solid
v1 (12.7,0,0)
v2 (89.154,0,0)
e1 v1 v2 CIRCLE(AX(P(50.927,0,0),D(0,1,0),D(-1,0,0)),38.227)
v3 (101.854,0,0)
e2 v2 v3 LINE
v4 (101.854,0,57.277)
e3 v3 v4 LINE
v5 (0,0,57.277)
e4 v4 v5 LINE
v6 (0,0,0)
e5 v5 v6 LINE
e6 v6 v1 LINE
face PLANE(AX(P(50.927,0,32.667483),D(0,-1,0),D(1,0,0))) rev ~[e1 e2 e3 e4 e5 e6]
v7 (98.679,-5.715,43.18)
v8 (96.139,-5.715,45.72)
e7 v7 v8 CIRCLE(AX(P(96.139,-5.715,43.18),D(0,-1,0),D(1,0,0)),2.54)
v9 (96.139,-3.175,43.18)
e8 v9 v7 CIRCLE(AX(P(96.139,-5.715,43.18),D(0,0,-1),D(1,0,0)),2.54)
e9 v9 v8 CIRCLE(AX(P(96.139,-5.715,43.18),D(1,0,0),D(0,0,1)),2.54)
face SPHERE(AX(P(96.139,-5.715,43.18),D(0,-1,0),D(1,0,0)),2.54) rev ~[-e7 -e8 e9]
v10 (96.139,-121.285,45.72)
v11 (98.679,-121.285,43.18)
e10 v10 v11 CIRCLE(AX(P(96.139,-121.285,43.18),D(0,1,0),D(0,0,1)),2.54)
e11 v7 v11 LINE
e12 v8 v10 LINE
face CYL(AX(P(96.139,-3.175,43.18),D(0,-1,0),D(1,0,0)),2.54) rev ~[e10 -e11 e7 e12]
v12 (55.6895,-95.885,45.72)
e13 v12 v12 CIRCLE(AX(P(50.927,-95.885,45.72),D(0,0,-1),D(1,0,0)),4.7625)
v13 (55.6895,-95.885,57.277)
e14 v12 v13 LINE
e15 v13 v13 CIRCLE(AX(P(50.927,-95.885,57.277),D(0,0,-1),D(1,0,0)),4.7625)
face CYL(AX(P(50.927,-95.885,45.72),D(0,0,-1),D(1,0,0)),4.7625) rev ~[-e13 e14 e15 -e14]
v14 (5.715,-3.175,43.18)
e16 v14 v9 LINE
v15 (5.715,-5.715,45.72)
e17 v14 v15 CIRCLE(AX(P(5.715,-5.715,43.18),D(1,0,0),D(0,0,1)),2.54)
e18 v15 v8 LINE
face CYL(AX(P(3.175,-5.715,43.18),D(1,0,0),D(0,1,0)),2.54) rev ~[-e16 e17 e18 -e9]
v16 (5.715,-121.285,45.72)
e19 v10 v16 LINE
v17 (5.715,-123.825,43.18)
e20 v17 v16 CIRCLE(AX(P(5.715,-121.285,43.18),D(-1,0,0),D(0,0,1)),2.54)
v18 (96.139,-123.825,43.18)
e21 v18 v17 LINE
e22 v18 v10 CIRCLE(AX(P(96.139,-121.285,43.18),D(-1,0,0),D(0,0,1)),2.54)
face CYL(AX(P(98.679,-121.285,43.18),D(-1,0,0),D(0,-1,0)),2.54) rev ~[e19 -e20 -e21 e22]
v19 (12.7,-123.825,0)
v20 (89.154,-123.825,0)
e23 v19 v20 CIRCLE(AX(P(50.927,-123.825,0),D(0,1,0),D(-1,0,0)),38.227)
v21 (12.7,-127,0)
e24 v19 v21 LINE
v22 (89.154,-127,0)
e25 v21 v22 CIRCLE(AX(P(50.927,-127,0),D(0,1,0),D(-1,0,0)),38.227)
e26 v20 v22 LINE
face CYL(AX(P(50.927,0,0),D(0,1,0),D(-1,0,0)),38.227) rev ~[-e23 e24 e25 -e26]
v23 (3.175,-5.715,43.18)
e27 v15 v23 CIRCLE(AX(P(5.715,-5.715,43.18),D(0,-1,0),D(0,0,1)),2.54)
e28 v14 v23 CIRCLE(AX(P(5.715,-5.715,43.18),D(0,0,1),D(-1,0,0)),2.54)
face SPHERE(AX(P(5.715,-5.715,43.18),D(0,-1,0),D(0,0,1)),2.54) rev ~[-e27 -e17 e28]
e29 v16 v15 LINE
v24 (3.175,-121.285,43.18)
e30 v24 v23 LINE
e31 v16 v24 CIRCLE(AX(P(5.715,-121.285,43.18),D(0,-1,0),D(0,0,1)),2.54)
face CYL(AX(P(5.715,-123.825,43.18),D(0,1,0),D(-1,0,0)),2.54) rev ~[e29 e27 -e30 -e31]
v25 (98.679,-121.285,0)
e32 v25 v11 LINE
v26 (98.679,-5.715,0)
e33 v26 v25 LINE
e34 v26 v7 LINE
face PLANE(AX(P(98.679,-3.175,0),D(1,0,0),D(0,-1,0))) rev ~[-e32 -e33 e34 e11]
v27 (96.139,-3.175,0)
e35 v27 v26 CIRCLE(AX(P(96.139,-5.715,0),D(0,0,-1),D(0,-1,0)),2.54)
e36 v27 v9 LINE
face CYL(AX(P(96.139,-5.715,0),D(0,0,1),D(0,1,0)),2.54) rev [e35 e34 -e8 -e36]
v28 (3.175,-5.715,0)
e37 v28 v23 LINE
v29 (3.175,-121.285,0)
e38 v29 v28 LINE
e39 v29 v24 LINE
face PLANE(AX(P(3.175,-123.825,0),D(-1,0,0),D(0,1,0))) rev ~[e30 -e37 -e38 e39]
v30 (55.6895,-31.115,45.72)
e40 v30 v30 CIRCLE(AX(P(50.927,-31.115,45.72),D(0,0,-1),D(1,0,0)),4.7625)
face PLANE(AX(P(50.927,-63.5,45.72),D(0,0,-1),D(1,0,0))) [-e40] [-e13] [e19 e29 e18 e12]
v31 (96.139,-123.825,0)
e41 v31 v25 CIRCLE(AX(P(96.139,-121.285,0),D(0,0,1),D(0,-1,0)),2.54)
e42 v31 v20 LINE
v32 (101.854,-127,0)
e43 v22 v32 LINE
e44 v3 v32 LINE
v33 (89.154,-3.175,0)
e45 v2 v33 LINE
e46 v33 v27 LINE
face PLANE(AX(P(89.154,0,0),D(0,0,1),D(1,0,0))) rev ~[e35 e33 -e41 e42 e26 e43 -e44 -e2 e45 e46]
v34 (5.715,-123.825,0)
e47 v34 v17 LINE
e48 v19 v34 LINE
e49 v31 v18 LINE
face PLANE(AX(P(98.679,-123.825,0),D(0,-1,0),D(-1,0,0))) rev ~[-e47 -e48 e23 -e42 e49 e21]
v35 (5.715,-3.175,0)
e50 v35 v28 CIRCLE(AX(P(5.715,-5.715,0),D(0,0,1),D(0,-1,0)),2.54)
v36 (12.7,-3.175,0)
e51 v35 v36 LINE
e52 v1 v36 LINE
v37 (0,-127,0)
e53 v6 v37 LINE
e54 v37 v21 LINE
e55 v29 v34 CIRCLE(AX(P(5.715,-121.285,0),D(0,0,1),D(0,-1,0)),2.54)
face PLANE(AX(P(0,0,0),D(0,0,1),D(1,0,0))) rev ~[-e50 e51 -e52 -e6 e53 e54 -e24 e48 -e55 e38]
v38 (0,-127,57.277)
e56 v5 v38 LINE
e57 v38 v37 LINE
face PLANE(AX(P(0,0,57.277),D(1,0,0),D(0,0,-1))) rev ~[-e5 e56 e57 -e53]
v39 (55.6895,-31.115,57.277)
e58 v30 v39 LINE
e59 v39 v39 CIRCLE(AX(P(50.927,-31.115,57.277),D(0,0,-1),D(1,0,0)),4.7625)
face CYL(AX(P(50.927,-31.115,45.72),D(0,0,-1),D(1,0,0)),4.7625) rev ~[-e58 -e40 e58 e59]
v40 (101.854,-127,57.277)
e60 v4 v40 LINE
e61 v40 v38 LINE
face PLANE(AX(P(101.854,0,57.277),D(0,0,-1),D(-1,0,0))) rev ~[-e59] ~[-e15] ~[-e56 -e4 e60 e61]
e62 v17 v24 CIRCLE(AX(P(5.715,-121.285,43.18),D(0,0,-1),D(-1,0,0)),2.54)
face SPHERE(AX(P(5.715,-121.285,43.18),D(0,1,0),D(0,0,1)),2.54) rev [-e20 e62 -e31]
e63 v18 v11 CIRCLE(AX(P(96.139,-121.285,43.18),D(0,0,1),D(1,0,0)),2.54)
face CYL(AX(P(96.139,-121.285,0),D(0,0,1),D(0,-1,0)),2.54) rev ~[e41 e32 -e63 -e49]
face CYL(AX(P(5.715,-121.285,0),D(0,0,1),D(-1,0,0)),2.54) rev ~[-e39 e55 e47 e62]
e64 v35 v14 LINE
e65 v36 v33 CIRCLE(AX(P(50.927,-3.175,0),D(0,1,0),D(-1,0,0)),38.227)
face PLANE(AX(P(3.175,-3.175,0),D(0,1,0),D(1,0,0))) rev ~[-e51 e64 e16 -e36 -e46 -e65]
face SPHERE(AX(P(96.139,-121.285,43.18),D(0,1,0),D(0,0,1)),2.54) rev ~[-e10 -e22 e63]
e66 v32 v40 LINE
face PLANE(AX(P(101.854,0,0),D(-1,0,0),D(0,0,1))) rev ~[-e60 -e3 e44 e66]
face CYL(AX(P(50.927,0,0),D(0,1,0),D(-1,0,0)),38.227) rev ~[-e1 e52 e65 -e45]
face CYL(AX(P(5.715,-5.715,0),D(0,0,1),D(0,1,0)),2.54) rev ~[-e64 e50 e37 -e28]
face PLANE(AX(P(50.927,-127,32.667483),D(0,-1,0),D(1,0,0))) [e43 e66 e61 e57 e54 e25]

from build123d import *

# Parameters (mm, degrees)
F1_DEPTH = 127
F4_DEPTH = 45.72
F5_R     = 2.54
F6_R     = 4.7625
F7_DEPTH = 11.557


with BuildPart() as f1:
    # F0 (on Front) → F1 (new body)
    with BuildSketch(Plane.XZ):
        with BuildLine():
            Line((0, 57.277), (0, 0))
            Line((0, 0), (12.7, 0))
            ThreePointArc((12.7, 0), (50.927, 38.227), (89.154, 0))
            Line((89.154, 0), (101.854, 0))
            Line((101.854, 0), (101.854, 57.277))
            Line((101.854, 57.277), (0, 57.277))
        make_face()
    extrude(amount=F1_DEPTH)

    # F3 (on face) → F4 (cut)
    with BuildSketch(Plane(origin=(0, 0, 0), x_dir=(1, 0, 0), z_dir=(0, 0, -1))):
        Polygon((50.927, 123.825), (3.175, 123.825), (3.175, 3.175), (50.927, 3.175), (98.679, 3.175), (98.679, 123.825), align=None)
    extrude(amount=-F4_DEPTH, mode=Mode.SUBTRACT)

    # F5
    f5_edges = [f1.edges().sort_by_distance(p)[0] for p in [
        (3.175, -63.5, 45.72),
        (98.679, -63.5, 45.72),
        (50.927, -123.825, 45.72),
        (98.679, -123.825, 22.86),
        (3.175, -123.825, 22.86),
        (98.679, -3.175, 22.86),
        (50.927, -3.175, 45.72),
        (3.175, -3.175, 22.86),
    ]]
    fillet(f5_edges, radius=F5_R)

    # F6 (on face) → F7 (cut, through all)
    with BuildSketch(Plane(origin=(0, 0, 45.72), x_dir=(1, 0, 0), z_dir=(0, 0, -1))):
        with Locations((50.927, 95.885)):
            Circle(F6_R)
        with Locations((50.927, 31.115)):
            Circle(F6_R)
    extrude(amount=-F7_DEPTH, mode=Mode.SUBTRACT)


solid = f1.part
